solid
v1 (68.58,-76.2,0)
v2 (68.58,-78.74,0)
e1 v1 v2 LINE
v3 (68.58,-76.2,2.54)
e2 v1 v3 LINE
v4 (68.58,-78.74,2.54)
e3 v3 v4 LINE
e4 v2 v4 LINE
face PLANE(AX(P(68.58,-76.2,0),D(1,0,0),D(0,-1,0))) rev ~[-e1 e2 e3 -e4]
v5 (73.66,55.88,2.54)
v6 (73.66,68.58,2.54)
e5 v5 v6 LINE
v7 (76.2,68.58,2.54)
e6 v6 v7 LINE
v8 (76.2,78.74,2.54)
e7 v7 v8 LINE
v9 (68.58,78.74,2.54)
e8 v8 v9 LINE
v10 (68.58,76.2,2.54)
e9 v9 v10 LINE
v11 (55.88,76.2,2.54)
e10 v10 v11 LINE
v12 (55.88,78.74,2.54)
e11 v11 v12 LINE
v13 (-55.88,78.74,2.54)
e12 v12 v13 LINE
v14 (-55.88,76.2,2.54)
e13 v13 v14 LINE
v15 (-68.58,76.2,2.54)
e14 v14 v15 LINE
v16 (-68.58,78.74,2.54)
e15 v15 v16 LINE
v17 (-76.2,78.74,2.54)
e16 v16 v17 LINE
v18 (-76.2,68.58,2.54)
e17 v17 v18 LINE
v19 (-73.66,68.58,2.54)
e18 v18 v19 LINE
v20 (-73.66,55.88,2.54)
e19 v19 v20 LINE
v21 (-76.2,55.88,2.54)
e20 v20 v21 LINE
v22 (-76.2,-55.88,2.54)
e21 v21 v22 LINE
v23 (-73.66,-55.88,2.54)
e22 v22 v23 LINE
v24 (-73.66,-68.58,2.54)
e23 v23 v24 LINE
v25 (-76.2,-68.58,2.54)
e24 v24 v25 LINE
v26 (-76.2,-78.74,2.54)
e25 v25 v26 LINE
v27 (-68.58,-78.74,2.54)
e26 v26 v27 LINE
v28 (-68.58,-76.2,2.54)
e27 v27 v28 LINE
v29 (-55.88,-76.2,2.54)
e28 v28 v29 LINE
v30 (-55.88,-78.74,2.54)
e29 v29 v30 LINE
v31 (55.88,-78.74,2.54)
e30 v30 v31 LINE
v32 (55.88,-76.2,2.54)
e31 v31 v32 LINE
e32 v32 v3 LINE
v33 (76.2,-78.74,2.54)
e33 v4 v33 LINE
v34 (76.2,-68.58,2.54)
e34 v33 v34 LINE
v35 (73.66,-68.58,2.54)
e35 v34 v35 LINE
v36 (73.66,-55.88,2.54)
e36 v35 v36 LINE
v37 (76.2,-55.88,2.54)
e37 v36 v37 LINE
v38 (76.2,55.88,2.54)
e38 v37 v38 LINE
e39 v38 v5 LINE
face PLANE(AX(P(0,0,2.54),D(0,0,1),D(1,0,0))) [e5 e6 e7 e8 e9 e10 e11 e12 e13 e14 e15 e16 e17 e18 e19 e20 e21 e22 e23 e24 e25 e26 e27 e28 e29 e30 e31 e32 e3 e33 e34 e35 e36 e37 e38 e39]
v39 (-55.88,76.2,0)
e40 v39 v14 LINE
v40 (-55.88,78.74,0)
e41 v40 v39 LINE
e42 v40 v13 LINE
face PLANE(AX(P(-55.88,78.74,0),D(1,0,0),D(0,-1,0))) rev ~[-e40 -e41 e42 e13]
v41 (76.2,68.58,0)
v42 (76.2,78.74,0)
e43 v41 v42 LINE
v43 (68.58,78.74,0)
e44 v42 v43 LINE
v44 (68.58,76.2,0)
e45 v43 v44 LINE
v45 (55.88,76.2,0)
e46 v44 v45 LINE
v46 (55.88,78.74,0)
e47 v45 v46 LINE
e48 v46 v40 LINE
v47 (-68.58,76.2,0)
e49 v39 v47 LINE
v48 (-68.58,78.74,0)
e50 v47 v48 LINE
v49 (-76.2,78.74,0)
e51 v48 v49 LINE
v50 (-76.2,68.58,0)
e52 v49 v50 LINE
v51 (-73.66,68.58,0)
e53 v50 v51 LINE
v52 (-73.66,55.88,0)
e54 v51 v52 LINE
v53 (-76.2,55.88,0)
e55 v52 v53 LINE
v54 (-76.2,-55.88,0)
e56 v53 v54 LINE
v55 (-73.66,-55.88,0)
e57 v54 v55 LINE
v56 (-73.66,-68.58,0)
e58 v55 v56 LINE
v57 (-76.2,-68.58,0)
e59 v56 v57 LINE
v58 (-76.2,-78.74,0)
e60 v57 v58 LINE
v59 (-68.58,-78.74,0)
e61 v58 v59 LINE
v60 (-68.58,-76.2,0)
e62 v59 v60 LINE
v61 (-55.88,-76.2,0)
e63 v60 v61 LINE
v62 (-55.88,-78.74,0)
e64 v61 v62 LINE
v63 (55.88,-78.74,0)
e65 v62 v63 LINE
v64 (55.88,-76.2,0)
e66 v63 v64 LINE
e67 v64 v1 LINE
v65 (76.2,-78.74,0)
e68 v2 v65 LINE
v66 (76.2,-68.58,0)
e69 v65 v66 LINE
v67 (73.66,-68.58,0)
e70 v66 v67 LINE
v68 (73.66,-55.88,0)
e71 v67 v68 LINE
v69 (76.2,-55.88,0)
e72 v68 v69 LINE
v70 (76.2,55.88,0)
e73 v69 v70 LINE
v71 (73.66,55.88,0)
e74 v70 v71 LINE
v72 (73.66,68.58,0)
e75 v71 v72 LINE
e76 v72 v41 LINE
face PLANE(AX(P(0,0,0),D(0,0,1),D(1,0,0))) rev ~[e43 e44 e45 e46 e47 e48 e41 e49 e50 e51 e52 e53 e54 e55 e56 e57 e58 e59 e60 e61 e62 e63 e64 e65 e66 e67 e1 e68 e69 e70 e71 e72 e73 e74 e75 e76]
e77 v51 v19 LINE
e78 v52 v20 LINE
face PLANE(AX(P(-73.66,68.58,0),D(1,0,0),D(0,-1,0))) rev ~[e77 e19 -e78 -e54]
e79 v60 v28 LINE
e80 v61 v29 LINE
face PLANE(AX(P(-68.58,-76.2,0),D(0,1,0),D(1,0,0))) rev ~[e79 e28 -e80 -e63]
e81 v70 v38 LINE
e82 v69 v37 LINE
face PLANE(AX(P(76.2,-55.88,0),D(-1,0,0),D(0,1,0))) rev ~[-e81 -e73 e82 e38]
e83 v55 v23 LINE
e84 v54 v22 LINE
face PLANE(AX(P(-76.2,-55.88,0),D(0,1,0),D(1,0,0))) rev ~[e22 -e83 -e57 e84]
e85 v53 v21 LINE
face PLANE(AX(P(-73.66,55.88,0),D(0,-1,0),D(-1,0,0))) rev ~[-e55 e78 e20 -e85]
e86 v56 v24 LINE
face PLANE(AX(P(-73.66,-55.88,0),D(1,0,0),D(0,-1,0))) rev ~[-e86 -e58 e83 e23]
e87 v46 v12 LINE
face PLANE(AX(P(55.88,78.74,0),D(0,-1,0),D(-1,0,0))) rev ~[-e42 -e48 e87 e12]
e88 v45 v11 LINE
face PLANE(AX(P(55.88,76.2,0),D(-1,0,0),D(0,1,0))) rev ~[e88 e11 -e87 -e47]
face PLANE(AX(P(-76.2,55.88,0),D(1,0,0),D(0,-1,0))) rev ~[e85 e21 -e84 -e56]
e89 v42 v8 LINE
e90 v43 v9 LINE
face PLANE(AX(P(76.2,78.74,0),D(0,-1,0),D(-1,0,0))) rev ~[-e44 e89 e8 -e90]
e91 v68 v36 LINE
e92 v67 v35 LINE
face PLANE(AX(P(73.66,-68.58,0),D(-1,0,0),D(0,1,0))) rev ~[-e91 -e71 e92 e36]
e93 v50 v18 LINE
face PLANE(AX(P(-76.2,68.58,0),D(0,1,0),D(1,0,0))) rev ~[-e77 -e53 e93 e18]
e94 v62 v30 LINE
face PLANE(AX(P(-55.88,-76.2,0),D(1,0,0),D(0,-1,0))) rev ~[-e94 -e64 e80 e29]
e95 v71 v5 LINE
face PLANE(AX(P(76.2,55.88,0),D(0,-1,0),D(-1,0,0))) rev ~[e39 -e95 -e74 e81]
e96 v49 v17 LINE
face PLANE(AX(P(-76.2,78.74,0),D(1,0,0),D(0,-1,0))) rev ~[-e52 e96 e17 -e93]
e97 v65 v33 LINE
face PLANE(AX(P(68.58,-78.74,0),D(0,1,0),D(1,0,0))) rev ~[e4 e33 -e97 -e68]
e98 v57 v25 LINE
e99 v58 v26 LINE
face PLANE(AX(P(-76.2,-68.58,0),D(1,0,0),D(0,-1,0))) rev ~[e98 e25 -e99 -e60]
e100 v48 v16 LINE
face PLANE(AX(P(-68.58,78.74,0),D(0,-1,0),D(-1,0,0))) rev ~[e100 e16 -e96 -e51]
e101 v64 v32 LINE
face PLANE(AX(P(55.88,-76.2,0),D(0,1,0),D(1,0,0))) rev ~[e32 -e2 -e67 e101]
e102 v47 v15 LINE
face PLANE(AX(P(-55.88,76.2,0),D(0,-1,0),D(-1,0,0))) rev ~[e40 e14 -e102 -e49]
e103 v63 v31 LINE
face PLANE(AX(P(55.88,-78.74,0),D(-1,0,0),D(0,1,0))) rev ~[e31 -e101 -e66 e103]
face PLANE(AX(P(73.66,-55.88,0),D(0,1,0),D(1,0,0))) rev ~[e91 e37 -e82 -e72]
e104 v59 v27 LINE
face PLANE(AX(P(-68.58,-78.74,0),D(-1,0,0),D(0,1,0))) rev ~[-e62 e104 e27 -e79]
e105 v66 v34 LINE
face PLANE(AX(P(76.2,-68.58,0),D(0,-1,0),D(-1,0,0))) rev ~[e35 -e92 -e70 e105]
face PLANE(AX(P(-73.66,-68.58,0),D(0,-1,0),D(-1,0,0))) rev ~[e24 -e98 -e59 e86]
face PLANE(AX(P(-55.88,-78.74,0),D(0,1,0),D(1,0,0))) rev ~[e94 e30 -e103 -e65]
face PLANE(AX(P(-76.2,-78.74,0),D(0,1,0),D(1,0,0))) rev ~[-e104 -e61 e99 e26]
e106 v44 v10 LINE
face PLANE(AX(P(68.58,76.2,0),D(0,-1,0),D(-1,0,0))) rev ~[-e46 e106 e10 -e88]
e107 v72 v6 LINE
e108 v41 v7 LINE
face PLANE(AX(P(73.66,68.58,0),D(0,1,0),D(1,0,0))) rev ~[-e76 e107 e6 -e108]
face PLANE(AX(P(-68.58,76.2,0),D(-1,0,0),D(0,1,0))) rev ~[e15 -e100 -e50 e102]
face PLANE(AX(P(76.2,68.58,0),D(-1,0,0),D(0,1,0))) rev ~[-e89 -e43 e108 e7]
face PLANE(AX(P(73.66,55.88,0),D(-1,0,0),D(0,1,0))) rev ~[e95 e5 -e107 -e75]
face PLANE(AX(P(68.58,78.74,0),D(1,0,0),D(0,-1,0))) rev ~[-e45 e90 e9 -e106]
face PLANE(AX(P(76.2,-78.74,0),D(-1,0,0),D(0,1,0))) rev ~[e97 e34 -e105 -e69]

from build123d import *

# Parameters (mm, degrees)
F1_DEPTH = 2.54


with BuildPart() as f1:
    # F0 (on Top) → F1 (new body)
    with BuildSketch(Plane.XY):
        Polygon((76.2, 68.58), (76.2, 76.2), (76.2, 78.74), (68.58, 78.74), (68.58, 76.2), (55.88, 76.2), (55.88, 78.74), (-55.88, 78.74), (-55.88, 76.2), (-68.58, 76.2), (-68.58, 78.74), (-76.2, 78.74), (-76.2, 76.2), (-76.2, 68.58), (-73.66, 68.58), (-73.66, 55.88), (-76.2, 55.88), (-76.2, -55.88), (-73.66, -55.88), (-73.66, -68.58), (-76.2, -68.58), (-76.2, -76.2), (-76.2, -78.74), (-68.58, -78.74), (-68.58, -76.2), (-55.88, -76.2), (-55.88, -78.74), (55.88, -78.74), (55.88, -76.2), (68.58, -76.2), (68.58, -78.74), (76.2, -78.74), (76.2, -76.2), (76.2, -68.58), (73.66, -68.58), (73.66, -55.88), (76.2, -55.88), (76.2, 55.88), (73.66, 55.88), (73.66, 68.58), align=None)
    extrude(amount=F1_DEPTH)


solid = f1.part
